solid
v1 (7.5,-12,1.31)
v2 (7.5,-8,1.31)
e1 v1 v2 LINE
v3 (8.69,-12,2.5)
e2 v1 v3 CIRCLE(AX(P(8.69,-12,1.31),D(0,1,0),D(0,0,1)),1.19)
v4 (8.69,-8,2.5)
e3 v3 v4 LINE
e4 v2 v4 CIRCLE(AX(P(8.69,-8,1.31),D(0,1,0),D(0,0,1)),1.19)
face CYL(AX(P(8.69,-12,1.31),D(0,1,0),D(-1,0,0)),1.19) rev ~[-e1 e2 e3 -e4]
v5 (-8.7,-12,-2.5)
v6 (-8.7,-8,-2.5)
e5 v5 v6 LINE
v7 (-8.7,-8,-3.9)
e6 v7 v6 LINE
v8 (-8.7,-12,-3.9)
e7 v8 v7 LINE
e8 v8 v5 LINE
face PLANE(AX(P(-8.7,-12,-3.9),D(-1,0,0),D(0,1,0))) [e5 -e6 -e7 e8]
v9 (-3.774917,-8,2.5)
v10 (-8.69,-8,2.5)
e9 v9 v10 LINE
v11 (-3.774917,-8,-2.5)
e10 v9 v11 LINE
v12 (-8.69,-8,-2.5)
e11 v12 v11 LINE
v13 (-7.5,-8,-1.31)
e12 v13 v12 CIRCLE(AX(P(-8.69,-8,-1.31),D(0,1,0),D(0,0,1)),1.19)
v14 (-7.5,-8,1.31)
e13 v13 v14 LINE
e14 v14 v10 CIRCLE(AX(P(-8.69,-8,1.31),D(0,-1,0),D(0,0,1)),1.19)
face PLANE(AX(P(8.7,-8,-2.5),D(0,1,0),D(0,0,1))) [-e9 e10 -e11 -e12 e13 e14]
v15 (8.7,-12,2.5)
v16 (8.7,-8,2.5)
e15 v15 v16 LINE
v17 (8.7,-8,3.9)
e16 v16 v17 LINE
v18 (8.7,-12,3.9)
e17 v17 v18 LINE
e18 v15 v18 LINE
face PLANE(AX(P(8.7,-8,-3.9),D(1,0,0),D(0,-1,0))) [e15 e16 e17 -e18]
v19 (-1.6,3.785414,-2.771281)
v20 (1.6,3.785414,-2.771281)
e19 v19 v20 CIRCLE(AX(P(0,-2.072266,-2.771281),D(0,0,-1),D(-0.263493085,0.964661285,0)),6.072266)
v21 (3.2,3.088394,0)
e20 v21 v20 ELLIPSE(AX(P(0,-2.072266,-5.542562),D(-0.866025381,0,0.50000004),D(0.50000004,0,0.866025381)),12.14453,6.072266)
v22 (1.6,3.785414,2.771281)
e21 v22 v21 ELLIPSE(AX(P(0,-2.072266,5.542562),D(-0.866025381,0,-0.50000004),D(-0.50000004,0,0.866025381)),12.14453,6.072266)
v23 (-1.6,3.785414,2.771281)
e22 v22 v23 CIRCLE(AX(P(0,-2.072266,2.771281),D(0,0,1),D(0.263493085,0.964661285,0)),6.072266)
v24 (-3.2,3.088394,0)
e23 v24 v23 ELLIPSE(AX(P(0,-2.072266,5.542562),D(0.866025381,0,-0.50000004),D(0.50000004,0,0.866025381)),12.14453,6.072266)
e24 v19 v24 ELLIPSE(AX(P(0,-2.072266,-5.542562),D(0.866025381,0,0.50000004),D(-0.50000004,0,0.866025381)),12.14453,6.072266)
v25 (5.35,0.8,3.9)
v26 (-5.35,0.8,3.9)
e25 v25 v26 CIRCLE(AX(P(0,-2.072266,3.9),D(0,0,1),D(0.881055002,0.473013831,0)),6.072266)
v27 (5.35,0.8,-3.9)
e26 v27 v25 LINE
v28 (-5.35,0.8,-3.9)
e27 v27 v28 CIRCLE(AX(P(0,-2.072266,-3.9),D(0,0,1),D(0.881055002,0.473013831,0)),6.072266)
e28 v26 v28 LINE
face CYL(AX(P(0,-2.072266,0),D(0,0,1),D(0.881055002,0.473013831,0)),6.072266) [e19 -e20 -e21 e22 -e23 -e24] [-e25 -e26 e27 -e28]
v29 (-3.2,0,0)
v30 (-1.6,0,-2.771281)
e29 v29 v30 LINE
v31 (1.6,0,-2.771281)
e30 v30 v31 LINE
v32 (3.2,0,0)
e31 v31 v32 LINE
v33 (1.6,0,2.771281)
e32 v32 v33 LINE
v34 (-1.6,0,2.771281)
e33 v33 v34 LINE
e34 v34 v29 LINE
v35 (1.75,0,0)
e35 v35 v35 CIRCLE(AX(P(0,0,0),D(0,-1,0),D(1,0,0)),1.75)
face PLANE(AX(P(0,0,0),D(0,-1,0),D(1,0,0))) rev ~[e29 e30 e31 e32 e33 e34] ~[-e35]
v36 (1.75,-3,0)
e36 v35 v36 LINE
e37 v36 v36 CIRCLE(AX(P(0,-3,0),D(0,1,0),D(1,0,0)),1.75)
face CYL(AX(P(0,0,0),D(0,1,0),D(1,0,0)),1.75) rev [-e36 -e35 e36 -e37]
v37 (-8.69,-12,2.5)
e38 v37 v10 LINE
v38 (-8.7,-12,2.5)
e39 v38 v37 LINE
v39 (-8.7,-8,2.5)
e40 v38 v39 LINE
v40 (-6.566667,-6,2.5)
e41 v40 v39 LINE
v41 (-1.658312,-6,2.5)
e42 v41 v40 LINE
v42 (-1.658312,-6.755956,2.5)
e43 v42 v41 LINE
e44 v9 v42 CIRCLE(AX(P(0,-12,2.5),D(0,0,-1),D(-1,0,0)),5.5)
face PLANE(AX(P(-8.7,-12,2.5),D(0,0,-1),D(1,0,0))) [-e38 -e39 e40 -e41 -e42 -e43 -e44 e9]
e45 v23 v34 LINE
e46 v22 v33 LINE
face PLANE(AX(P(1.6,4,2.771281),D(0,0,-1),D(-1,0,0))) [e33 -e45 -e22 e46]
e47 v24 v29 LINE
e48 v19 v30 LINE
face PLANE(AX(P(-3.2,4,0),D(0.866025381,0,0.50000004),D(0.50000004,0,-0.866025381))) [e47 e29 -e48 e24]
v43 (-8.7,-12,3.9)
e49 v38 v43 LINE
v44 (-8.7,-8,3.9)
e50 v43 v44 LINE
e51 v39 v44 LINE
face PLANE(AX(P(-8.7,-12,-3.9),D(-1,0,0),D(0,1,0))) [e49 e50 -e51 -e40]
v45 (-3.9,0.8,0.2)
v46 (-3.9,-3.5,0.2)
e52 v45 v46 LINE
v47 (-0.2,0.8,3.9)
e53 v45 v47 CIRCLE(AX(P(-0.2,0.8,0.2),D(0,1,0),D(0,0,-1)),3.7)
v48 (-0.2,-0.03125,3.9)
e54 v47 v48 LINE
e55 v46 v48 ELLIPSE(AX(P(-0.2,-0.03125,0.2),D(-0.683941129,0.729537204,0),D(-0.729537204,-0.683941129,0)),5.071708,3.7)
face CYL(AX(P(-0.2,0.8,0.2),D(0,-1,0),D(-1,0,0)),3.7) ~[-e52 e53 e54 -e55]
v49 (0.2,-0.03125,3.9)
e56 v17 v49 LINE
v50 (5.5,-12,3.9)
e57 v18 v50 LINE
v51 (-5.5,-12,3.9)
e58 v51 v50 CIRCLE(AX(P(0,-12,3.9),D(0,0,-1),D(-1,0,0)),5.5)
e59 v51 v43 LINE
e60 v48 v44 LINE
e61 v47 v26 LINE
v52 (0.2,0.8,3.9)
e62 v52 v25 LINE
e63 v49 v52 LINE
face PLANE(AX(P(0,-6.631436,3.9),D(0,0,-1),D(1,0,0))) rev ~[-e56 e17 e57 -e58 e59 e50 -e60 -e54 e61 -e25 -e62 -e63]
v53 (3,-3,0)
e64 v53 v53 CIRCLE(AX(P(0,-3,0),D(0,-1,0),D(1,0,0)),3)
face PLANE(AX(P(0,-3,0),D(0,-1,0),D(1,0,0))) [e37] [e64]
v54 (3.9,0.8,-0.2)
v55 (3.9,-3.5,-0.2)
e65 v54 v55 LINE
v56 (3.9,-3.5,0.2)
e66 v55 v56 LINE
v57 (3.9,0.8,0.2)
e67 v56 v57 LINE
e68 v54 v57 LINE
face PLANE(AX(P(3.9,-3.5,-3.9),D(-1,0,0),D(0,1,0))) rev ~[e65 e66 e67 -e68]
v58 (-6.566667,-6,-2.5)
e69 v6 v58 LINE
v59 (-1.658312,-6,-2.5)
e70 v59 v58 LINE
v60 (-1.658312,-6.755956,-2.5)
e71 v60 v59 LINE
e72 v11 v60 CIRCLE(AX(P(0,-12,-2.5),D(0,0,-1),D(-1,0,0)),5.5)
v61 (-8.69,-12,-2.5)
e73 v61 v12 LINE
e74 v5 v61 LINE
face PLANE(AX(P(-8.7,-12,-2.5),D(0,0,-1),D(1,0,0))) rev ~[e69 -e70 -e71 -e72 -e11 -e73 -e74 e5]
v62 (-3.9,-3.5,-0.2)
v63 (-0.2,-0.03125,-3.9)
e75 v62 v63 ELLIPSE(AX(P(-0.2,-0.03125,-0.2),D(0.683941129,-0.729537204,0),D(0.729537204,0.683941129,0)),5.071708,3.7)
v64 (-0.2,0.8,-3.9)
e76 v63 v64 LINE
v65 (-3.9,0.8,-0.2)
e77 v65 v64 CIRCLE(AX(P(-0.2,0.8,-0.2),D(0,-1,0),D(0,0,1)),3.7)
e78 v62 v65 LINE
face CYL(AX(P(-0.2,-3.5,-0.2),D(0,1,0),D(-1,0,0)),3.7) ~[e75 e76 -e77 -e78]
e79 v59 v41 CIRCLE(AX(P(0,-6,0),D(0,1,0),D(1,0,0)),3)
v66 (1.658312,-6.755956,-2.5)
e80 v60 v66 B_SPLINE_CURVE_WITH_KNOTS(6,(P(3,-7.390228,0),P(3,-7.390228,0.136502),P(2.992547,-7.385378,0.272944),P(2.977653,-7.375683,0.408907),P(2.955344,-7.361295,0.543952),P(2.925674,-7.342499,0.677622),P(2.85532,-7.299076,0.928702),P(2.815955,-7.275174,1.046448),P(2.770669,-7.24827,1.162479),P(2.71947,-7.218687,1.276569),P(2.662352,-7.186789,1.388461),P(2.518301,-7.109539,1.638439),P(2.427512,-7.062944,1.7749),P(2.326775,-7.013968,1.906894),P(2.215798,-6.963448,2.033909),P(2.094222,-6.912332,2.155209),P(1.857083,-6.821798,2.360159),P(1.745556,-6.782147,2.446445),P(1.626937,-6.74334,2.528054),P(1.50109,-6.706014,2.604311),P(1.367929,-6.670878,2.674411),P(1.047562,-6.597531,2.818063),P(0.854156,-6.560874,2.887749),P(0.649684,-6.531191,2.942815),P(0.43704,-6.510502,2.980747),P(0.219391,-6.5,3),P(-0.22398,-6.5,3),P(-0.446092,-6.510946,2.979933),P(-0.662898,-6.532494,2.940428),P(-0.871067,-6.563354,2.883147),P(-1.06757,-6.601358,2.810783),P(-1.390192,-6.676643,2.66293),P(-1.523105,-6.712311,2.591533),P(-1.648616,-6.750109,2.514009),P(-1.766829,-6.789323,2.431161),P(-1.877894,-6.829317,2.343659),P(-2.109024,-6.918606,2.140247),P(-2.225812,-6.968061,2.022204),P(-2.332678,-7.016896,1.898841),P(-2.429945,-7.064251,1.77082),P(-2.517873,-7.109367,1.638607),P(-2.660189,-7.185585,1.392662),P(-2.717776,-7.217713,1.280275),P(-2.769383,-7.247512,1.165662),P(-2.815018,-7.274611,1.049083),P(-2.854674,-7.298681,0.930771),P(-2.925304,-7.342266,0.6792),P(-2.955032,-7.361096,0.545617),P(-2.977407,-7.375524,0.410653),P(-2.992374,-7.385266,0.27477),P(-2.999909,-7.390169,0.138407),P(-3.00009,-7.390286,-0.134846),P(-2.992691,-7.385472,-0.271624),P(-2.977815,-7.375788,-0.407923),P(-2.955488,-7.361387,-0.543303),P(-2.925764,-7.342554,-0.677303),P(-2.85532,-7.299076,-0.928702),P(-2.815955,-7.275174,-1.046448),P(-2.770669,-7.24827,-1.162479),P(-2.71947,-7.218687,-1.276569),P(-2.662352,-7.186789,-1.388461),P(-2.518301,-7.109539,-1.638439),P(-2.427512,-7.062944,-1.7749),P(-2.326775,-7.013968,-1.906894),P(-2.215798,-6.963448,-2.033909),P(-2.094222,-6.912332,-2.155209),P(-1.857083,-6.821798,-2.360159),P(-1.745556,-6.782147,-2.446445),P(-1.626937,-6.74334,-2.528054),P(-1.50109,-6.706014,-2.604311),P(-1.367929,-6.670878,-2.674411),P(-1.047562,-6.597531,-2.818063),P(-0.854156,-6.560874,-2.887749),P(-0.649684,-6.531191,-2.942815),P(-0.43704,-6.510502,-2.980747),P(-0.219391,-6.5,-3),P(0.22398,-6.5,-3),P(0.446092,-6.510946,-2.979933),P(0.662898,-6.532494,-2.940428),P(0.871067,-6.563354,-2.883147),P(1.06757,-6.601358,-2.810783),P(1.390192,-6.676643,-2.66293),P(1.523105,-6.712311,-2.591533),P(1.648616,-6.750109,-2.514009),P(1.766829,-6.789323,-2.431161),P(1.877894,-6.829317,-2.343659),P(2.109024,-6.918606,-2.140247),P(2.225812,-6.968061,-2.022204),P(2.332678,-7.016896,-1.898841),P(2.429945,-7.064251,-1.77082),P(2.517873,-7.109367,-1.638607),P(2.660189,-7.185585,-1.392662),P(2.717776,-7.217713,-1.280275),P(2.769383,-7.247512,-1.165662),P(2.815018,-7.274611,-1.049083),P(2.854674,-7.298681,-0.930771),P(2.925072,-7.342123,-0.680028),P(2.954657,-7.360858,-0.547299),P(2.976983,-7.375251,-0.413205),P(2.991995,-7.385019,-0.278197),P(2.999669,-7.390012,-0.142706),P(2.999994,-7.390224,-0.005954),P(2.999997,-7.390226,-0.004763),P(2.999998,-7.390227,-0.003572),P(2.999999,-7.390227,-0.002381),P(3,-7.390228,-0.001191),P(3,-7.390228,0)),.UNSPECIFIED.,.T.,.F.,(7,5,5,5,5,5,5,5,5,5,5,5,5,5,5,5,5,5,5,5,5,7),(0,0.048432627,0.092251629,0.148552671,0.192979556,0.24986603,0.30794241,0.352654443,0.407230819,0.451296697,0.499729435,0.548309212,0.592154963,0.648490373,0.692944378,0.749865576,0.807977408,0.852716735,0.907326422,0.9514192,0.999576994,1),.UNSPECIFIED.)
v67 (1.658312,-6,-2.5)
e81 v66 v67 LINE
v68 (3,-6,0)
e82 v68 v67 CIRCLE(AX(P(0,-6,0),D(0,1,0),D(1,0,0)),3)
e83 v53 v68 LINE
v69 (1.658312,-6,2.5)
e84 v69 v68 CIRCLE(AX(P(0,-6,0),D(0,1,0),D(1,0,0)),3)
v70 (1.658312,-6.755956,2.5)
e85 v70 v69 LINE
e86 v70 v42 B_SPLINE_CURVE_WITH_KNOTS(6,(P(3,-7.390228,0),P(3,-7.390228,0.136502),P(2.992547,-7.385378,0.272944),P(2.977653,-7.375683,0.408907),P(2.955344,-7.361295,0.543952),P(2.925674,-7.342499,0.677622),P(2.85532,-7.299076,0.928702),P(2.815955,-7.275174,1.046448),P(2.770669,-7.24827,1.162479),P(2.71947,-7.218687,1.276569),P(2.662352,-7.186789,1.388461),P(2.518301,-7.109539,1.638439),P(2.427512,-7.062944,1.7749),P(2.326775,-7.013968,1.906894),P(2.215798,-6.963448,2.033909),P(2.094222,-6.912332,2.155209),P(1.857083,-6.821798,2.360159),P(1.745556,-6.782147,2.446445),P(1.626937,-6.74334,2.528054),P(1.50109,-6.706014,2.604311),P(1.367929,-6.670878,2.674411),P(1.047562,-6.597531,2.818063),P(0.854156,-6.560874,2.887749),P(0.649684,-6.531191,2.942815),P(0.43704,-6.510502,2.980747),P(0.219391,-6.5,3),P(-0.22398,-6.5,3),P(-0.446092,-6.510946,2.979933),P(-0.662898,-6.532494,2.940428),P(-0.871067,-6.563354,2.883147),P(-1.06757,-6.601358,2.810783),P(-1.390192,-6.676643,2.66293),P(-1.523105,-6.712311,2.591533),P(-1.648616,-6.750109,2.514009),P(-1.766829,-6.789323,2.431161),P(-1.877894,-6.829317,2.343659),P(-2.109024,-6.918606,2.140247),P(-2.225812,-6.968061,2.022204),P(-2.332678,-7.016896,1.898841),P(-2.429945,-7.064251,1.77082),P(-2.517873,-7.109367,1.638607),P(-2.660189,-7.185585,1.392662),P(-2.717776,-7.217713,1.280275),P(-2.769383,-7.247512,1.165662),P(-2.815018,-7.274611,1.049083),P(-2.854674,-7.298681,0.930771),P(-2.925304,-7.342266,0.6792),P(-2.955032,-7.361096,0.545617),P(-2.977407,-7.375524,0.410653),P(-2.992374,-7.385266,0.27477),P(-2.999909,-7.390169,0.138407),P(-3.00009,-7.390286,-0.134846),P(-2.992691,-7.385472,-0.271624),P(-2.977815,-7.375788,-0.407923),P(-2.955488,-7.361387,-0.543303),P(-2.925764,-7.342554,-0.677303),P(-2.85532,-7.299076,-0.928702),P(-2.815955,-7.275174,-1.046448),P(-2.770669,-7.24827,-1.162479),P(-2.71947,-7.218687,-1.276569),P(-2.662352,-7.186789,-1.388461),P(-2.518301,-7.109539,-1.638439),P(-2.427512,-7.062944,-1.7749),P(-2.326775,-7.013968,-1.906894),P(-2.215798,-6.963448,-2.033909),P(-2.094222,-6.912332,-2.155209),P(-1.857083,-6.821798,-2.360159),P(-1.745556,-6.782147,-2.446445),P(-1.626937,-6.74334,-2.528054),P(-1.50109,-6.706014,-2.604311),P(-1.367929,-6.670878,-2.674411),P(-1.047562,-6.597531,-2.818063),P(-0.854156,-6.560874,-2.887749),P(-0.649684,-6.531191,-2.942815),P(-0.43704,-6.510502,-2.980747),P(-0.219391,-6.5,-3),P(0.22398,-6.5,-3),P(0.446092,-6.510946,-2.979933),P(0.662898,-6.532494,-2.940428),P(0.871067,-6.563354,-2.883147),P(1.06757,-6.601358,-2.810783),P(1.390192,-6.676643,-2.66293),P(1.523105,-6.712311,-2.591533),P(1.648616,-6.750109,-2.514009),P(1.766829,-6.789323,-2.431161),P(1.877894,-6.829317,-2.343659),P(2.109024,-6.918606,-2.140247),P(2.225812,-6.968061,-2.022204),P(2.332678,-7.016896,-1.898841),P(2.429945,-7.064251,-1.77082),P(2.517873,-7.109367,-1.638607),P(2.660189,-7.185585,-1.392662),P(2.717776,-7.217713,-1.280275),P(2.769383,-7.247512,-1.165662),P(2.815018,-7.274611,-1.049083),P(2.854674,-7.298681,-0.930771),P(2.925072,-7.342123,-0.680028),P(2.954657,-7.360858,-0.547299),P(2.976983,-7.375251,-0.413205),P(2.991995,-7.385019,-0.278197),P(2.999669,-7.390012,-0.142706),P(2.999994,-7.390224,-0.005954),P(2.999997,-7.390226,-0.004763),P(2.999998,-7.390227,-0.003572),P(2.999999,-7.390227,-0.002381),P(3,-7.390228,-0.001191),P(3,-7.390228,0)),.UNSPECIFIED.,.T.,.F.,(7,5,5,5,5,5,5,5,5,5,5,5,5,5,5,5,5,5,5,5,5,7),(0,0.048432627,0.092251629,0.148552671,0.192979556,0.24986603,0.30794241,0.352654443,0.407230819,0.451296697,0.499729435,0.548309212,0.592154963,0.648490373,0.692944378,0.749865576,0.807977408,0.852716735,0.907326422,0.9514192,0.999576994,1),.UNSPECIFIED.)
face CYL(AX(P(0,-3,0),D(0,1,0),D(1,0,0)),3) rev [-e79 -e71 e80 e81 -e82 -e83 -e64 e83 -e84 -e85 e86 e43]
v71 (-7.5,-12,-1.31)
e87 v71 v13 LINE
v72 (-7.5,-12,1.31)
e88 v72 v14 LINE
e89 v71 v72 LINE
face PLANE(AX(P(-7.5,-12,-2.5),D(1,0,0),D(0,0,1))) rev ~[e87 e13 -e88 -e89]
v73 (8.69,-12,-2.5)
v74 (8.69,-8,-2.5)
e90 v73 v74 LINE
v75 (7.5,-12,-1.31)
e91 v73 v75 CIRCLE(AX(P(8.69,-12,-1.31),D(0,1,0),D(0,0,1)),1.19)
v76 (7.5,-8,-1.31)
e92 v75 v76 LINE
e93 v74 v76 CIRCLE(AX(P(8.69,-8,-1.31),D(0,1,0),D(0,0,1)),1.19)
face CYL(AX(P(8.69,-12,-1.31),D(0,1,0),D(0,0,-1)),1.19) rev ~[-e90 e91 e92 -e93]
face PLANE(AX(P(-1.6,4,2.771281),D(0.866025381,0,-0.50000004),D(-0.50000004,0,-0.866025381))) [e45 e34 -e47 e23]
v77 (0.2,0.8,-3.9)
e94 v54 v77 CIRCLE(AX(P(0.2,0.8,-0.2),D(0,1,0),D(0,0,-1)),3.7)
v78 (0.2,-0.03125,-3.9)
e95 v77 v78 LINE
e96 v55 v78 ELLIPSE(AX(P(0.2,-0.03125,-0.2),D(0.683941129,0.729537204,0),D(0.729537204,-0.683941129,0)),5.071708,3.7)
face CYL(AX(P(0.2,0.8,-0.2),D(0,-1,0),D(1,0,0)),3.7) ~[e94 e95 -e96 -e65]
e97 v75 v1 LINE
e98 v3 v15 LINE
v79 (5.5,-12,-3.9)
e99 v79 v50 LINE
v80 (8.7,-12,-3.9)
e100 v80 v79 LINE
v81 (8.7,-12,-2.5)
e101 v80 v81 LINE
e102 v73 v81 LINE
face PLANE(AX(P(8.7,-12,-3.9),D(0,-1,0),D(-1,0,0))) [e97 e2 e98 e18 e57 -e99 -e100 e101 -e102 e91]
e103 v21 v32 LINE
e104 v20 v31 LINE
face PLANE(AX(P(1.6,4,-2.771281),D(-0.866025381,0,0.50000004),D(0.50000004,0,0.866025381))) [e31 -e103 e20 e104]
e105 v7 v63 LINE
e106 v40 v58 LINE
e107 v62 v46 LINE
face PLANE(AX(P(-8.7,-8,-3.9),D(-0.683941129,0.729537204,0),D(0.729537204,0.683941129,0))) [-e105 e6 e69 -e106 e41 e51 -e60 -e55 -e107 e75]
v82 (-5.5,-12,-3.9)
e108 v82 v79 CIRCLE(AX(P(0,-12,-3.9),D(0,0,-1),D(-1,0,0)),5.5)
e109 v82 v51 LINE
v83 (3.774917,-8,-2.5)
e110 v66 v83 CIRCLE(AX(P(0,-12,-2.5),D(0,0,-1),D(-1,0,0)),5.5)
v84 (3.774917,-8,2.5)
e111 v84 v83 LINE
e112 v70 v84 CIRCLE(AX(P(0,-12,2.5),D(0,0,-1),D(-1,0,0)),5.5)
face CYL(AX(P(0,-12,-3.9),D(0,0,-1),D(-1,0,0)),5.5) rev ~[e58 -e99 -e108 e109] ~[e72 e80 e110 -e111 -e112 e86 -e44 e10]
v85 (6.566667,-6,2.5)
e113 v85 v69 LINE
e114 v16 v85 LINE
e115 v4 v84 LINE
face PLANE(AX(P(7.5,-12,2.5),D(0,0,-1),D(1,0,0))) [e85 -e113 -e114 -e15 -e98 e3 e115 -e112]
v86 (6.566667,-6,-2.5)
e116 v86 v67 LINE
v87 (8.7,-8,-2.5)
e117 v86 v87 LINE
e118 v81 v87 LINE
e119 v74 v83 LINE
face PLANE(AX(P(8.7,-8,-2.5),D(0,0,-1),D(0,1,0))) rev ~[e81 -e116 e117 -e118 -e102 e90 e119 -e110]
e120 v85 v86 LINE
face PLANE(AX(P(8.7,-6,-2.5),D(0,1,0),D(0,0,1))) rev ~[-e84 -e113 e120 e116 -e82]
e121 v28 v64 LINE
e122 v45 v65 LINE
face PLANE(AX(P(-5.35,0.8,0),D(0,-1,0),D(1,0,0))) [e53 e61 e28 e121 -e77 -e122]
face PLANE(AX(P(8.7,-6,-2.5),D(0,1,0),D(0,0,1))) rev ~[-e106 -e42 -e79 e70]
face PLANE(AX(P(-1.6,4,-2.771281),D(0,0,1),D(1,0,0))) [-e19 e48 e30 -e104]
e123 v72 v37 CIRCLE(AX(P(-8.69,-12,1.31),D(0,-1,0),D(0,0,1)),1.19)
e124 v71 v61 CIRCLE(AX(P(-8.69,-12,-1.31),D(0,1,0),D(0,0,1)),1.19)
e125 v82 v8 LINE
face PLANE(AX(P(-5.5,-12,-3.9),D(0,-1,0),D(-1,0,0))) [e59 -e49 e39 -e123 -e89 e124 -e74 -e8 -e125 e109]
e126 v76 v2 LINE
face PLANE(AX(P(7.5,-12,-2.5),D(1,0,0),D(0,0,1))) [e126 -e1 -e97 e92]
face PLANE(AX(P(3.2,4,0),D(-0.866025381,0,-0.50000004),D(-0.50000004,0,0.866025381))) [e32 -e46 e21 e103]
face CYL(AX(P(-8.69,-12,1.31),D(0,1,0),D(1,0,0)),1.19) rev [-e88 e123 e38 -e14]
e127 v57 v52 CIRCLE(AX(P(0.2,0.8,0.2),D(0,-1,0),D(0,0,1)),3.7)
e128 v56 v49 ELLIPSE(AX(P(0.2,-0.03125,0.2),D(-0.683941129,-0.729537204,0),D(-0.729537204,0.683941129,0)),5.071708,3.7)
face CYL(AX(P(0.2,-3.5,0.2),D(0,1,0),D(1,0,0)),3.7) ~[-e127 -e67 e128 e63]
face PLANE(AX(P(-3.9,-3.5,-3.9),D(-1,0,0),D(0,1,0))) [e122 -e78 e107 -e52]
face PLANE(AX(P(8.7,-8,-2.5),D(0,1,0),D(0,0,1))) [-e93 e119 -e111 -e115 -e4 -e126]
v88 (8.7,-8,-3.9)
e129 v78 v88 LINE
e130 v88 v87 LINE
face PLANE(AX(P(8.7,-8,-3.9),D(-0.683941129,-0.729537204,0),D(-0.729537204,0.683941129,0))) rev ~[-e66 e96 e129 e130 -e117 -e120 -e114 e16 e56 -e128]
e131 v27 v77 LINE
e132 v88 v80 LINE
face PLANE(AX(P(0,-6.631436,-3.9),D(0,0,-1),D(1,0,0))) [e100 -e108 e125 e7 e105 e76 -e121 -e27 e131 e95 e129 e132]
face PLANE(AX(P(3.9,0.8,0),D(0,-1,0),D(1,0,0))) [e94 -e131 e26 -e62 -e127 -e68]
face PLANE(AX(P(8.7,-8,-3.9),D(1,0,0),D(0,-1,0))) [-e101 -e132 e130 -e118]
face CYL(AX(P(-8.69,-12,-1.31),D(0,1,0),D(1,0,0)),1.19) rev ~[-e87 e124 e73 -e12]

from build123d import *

# Parameters (mm, degrees)
PAD_DEPTH         = 3.9
PAD001_DEPTH      = 7.8
SKETCH002_R       = 1.75
POCKET_DEPTH      = 4.001
POCKET_DEPTH_BACK = 12.001
POCKET001_DEPTH   = 4
SKETCH004_R       = 3
POCKET002_DEPTH   = 6
SKETCH005_W       = 1.2
SKETCH005_H       = 5
POCKET003_DEPTH   = 16.001
SKETCH006_W       = 2
SKETCH006_H       = 5
POCKET004_DEPTH   = 17.401
FILLET_R          = 3.7
FILLET001_R       = 1.19


with BuildPart() as part:
    # Sketch → Pad (new body, symmetric)
    with BuildSketch(Plane.XY):
        with BuildLine():
            Line((-3.9, 0), (3.9, 0))
            Line((3.9, 0), (3.9, 0.8))
            Line((3.9, 0.8), (5.35, 0.8))
            ThreePointArc((5.35, 0.8), (0, 4), (-5.35, 0.8))
            Line((-5.35, 0.8), (-3.9, 0.8))
            Line((-3.9, 0.8), (-3.9, 0))
        make_face()
    extrude(amount=PAD_DEPTH, both=True)

    # Sketch001 (on Face7 of Pad) → Pad001 (join)
    with BuildSketch(Plane(origin=(0, 0, -3.9), x_dir=(1, 0, 0), z_dir=(0, 0, -1))):
        with BuildLine():
            Line((-8.7, 12), (-8.7, 8))
            Line((-8.7, 8), (-3.9, 3.5))
            Line((-3.9, 3.5), (-3.9, 0))
            Line((-3.9, 0), (3.9, 0))
            Line((3.9, 3.5), (3.9, 0))
            Line((8.7, 8), (3.9, 3.5))
            Line((8.7, 8), (8.7, 12))
            Line((8.7, 12), (5.5, 12))
            ThreePointArc((-5.5, 12), (0, 6.5), (5.5, 12))
            Line((-5.5, 12), (-8.7, 12))
        make_face()
    extrude(amount=-PAD001_DEPTH)

    # Sketch002 → Pocket (cut, two sides)
    with BuildSketch(Plane.XZ) as pocket_sk:
        Circle(SKETCH002_R)
    extrude(amount=-POCKET_DEPTH, mode=Mode.SUBTRACT)
    extrude(pocket_sk.sketch, amount=POCKET_DEPTH_BACK, mode=Mode.SUBTRACT)

    # Sketch003 (on DatumPlane) → Pocket001 (cut)
    with BuildSketch(Plane.XZ.offset(-4)):
        Polygon((-1.6, -2.771281), (1.6, -2.771281), (3.2, 0), (1.6, 2.771281), (-1.6, 2.771281), (-3.2, 0), align=None)
    extrude(amount=POCKET001_DEPTH, mode=Mode.SUBTRACT)

    # Sketch004 (on DatumPlane) → Pocket002 (cut)
    with BuildSketch(Plane.XZ.offset(3)):
        Circle(SKETCH004_R)
    extrude(amount=POCKET002_DEPTH, mode=Mode.SUBTRACT)

    # Sketch005 (on Face22 of Pocket002) → Pocket003 (cut, through all)
    with BuildSketch(Plane.XZ.offset(12)):
        with Locations((-8.1, 0)):
            Rectangle(SKETCH005_W, SKETCH005_H)
        with Locations((8.1, 0)):
            Rectangle(SKETCH005_W, SKETCH005_H)
    extrude(amount=-POCKET003_DEPTH, mode=Mode.SUBTRACT)

    # Sketch006 (on Face23 of Pocket003) → Pocket004 (cut, through all)
    with BuildSketch(Plane.YZ.offset(8.7)):
        with Locations((-7, 0)):
            Rectangle(SKETCH006_W, SKETCH006_H)
    extrude(amount=-POCKET004_DEPTH, mode=Mode.SUBTRACT)

    # Fillet
    fillet_edges = [part.edges().sort_by_distance(p)[0] for p in [
        (-3.9, -1.75, 3.9),
        (-3.9, -1.75, -3.9),
        (3.9, -1.75, 3.9),
        (3.9, -1.75, -3.9),
    ]]
    fillet(fillet_edges, radius=FILLET_R)

    # Fillet001
    fillet001_edges = [part.edges().sort_by_distance(p)[0] for p in [
        (7.5, -10, 2.5),
        (7.5, -10, -2.5),
        (-7.5, -10, 2.5),
        (-7.5, -10, -2.5),
    ]]
    fillet(fillet001_edges, radius=FILLET001_R)


solid = part.part
